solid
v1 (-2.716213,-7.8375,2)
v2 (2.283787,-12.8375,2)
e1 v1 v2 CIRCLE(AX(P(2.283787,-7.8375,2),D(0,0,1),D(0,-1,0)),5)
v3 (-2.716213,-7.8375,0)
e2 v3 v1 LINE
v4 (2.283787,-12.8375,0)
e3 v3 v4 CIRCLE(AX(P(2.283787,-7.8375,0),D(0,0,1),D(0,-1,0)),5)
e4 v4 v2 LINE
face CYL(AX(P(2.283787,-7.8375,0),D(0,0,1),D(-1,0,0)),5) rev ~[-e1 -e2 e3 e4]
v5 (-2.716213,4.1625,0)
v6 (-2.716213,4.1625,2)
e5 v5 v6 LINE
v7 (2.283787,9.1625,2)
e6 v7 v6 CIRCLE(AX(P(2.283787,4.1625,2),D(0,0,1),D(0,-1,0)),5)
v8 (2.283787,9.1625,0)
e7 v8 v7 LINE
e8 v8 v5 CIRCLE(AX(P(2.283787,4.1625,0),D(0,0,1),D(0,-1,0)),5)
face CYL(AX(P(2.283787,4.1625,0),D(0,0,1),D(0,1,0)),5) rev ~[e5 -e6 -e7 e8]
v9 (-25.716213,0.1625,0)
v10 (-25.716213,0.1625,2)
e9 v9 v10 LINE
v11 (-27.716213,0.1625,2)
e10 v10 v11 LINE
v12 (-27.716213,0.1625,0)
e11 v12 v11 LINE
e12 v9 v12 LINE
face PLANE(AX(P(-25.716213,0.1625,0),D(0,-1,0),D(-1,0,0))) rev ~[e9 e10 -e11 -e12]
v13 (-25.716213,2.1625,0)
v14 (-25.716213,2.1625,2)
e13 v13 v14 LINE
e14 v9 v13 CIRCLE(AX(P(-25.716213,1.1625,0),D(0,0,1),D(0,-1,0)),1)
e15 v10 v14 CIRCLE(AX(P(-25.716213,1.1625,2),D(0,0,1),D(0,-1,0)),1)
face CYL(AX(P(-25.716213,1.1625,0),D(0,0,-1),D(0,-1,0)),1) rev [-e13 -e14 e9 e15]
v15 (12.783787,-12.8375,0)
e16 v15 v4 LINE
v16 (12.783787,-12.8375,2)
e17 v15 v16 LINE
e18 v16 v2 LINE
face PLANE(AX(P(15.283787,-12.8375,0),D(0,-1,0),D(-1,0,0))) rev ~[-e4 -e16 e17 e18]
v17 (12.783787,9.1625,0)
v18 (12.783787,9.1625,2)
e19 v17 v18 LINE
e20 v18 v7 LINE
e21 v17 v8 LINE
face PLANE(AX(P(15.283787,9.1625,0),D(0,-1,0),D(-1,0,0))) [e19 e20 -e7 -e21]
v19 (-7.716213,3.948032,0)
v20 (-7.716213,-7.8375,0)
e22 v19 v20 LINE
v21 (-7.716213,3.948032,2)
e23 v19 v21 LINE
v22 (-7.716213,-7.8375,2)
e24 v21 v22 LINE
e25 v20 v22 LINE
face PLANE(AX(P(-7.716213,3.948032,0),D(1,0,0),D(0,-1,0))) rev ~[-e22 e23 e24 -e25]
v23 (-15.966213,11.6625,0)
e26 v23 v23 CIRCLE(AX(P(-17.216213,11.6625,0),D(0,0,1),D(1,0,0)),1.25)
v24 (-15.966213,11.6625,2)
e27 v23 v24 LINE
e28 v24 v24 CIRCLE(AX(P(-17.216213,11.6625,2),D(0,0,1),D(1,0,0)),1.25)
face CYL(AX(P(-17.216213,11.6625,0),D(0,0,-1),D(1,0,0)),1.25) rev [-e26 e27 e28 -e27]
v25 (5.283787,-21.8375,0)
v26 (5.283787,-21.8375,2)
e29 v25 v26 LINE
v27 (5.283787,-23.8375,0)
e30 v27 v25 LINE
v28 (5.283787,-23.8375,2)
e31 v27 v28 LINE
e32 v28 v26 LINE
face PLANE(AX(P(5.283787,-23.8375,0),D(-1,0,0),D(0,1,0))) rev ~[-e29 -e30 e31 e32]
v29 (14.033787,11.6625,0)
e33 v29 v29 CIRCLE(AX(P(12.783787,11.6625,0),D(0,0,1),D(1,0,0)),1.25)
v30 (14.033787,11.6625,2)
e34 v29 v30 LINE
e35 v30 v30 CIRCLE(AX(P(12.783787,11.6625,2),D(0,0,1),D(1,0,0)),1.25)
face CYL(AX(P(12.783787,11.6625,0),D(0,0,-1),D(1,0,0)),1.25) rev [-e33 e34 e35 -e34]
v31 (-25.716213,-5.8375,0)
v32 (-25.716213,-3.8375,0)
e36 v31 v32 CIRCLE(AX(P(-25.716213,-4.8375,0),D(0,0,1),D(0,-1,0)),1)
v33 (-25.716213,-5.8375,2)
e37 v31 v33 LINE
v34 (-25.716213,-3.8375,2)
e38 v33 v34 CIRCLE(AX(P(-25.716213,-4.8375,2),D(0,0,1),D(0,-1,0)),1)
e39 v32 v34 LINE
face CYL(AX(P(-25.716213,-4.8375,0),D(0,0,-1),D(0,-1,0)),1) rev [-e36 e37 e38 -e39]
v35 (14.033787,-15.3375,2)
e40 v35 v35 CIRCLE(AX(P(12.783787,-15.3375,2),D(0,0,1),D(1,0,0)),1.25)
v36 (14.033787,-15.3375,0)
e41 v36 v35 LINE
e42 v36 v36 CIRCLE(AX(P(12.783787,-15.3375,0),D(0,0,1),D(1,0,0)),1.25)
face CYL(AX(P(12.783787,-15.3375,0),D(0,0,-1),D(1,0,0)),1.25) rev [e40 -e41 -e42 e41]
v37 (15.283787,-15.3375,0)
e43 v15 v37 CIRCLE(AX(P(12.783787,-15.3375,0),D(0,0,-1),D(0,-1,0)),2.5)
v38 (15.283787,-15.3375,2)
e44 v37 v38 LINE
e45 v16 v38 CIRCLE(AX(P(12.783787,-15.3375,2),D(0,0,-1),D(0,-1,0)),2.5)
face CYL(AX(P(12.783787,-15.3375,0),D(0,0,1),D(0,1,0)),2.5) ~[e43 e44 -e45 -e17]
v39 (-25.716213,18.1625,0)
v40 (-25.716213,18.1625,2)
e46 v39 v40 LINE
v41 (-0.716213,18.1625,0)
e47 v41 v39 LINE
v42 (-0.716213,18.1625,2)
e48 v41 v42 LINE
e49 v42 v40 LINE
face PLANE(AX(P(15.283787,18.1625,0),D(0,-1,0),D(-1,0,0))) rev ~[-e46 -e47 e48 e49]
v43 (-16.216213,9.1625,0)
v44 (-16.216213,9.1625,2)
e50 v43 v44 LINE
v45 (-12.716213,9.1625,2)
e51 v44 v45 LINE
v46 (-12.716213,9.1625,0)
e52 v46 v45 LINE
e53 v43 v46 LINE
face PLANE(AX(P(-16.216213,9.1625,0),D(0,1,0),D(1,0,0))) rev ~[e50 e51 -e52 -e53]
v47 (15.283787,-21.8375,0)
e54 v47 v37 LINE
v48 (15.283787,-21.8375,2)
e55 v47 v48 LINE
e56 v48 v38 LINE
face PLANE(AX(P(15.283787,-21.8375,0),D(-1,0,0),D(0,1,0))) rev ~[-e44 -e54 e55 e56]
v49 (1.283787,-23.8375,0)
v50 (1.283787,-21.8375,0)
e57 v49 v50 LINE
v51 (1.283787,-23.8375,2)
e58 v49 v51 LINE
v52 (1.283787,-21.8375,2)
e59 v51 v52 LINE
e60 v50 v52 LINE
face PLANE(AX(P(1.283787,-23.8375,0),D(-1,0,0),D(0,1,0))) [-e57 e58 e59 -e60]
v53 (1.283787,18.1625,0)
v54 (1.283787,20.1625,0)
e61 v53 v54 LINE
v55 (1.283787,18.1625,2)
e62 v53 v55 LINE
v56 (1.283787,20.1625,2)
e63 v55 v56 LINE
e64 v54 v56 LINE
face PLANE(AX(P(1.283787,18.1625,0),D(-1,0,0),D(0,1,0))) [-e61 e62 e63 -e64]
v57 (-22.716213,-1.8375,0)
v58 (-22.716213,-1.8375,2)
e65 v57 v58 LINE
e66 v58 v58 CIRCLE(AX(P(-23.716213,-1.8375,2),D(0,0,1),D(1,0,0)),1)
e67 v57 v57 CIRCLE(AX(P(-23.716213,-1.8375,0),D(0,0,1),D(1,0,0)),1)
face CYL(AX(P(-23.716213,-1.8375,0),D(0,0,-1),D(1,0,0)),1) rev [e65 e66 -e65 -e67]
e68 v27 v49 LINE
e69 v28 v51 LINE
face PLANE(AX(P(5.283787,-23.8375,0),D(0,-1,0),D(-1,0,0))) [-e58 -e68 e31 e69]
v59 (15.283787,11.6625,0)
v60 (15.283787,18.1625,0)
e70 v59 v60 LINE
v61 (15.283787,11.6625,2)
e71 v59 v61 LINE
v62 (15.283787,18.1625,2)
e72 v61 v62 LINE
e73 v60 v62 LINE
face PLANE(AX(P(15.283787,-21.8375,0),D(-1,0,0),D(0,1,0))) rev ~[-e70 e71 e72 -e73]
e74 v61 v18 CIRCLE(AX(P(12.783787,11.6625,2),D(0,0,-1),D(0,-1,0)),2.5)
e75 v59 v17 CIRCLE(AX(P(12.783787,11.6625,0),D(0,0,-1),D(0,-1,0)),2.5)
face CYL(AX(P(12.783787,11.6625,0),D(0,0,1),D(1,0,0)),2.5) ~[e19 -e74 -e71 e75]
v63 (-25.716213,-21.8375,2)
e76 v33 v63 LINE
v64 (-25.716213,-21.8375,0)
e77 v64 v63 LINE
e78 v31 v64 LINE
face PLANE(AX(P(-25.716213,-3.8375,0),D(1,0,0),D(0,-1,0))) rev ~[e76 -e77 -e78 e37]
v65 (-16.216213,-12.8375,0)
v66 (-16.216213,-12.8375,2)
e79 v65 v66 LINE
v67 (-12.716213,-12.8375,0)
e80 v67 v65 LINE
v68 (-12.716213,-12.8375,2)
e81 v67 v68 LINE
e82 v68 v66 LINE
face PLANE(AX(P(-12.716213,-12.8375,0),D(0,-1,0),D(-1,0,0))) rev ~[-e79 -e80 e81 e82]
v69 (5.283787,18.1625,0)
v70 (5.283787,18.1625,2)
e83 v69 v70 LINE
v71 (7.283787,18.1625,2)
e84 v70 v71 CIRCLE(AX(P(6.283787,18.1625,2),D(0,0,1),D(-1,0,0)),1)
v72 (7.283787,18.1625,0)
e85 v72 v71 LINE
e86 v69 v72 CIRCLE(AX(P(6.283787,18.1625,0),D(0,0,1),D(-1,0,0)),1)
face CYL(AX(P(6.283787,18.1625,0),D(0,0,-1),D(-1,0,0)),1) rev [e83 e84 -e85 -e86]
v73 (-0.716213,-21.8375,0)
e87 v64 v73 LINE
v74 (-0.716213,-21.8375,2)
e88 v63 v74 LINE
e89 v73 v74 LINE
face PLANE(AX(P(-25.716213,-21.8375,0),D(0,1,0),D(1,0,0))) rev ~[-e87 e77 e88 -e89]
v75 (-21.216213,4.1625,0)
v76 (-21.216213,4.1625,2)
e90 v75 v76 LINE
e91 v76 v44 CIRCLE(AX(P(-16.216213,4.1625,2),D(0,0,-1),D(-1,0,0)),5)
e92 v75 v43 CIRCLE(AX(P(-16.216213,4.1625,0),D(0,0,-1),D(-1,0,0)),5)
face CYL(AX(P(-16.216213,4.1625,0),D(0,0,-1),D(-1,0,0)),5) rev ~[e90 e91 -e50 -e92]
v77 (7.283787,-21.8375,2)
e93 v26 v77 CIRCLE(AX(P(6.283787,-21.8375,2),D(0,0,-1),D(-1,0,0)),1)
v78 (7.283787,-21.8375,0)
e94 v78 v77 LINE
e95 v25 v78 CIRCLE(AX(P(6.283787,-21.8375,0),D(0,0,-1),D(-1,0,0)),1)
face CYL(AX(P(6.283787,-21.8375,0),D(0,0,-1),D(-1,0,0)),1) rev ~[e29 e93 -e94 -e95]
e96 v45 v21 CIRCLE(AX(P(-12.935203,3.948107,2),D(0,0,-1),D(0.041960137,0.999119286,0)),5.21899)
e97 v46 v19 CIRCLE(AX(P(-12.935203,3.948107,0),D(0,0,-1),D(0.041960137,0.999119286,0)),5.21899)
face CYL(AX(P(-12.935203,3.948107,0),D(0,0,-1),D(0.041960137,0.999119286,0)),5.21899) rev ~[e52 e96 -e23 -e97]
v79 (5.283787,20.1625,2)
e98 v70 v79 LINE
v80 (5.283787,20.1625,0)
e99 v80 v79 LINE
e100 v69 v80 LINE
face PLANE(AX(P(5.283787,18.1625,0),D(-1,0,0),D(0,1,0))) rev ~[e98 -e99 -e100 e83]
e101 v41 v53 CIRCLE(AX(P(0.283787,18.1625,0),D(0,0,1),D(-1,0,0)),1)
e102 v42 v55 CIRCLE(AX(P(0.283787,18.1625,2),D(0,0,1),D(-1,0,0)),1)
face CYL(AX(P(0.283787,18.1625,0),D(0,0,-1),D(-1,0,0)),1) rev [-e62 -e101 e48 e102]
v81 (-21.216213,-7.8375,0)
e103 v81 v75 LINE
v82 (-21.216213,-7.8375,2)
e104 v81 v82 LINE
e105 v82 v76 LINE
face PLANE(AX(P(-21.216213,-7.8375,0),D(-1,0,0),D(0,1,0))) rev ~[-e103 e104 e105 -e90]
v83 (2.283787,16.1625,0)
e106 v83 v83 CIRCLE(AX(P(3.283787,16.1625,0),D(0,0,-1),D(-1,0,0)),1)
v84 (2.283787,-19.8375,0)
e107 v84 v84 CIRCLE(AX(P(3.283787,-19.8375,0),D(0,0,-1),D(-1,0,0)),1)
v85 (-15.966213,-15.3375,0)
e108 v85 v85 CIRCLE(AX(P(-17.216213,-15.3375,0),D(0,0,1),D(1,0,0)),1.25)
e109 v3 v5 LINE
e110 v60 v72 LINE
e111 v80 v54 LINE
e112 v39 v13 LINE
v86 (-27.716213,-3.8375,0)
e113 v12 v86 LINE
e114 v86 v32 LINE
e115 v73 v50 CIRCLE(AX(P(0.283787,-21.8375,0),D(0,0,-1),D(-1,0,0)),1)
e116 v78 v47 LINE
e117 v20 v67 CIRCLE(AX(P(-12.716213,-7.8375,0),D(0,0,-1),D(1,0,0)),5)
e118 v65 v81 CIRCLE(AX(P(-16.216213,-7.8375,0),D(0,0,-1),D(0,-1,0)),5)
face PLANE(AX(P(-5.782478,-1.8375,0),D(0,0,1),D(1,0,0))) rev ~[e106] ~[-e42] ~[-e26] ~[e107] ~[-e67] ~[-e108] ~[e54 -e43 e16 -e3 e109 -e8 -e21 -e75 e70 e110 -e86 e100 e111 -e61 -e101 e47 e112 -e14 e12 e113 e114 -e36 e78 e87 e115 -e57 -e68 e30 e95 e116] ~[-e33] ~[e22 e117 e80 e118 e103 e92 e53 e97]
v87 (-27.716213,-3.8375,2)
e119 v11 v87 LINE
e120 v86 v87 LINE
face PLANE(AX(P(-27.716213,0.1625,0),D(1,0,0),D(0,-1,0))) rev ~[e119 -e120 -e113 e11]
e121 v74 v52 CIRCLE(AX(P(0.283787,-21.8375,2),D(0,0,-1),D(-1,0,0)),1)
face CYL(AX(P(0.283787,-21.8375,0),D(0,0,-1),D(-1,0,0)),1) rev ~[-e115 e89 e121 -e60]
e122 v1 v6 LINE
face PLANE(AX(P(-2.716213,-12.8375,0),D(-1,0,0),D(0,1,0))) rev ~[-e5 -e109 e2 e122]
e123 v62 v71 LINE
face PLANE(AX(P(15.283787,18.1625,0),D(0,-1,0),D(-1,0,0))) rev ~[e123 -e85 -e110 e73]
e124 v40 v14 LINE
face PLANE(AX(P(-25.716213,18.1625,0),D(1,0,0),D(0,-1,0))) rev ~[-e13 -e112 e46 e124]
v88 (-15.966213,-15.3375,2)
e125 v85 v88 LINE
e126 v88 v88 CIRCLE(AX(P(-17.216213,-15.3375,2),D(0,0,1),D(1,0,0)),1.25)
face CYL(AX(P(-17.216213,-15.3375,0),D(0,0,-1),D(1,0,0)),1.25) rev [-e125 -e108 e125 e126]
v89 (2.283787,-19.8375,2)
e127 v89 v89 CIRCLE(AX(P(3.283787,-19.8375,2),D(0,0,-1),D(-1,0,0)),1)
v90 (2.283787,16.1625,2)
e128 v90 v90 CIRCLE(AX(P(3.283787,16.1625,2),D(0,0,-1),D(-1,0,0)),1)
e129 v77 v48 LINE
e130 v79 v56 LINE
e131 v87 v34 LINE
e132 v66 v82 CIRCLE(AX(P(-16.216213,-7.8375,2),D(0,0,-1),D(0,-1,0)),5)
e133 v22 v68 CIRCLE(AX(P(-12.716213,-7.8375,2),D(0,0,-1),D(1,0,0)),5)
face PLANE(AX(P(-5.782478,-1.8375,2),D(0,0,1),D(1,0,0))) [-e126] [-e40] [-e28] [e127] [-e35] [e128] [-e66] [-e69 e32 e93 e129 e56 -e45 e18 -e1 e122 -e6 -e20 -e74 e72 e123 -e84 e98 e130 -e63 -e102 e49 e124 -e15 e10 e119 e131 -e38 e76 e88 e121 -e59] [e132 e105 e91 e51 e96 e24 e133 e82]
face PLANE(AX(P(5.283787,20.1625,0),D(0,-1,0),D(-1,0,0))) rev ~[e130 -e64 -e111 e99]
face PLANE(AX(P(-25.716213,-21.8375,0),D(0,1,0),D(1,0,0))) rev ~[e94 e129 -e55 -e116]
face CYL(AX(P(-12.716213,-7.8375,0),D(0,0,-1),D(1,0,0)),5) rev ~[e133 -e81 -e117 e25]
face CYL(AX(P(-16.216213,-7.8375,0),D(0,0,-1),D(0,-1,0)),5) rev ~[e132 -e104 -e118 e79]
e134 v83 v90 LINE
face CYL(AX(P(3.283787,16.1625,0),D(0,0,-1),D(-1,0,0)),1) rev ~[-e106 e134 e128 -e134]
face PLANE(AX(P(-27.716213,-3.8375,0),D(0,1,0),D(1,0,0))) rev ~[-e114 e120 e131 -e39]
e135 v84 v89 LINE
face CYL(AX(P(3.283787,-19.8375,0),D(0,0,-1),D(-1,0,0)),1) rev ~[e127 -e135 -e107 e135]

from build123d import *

# Parameters (mm, degrees)
SKETCH_1_R          = 1.25
SKETCH_1_R_2        = 1
EXTRUDE_1_DEPTH     = 2
SKETCH_4_W          = 18
SKETCH_4_H          = 22
CUT_EXTRUDE_1_DEPTH = 2
FILLET_2_R          = 2.5
FILLET_3_R          = 5
CUT_EXTRUDE_2_DEPTH = 2
SKETCH_7_R          = 1
CUT_EXTRUDE_3_DEPTH = 10
SKETCH_8_W          = 4
SKETCH_8_H          = 2
EXTRUDE_2_DEPTH     = 2
CUT_EXTRUDE_4_DEPTH = 2


with BuildPart() as part:
    # 草圖1 → 填料-伸長1 (new body)
    with BuildSketch(Plane.XY):
        Polygon((15.283786802, 18.1625), (-25.716213198, 18.1625), (-25.716213198, 0.1625), (-27.716213198, 0.1625), (-27.716213198, -3.8375), (-25.716213198, -3.8375), (-25.716213198, -21.8375), (15.283786802, -21.8375), align=None)
        with Locations((-17.216213198, 11.6625)):
            Circle(SKETCH_1_R, mode=Mode.SUBTRACT)
        with Locations((-17.216213198, -15.3375)):
            Circle(SKETCH_1_R, mode=Mode.SUBTRACT)
        with Locations((12.783786802, -15.3375)):
            Circle(SKETCH_1_R, mode=Mode.SUBTRACT)
        with Locations((12.783786802, 11.6625)):
            Circle(SKETCH_1_R, mode=Mode.SUBTRACT)
        with Locations((-23.716213198, -1.8375)):
            Circle(SKETCH_1_R_2, mode=Mode.SUBTRACT)
    extrude(amount=EXTRUDE_1_DEPTH)

    # 草圖4 → 除料-伸長1 (cut)
    with BuildSketch(Plane(origin=(0, 0, 0), x_dir=(-1, 0, 0), z_dir=(0, 0, -1))):
        with Locations((-6.283786802, -1.8375)):
            Rectangle(SKETCH_4_W, SKETCH_4_H)
    extrude(amount=-CUT_EXTRUDE_1_DEPTH, mode=Mode.SUBTRACT)

    # 圓角2
    fillet_2_edges = [part.edges().sort_by_distance(p)[0] for p in [
        (15.283786802, -12.8375, 1),
        (15.283786802, 9.1625, 1),
    ]]
    fillet(fillet_2_edges, radius=FILLET_2_R)

    # 圓角3
    fillet_3_edges = [part.edges().sort_by_distance(p)[0] for p in [
        (-2.716213198, 9.1625, 1),
        (-2.716213198, -12.8375, 1),
    ]]
    fillet(fillet_3_edges, radius=FILLET_3_R)

    # 草圖5 → 除料-伸長2 (cut)
    with BuildSketch(Plane(origin=(0, 0, 0), x_dir=(-1, 0, 0), z_dir=(0, 0, -1))):
        with BuildLine():
            Line((7.716213198, 3.948031945), (7.716213198, -7.8375))
            ThreePointArc((7.716213198, -7.8375), (9.180679292, -11.373033906), (12.716213198, -12.8375))
            Line((12.716213198, -12.8375), (16.216213198, -12.8375))
            ThreePointArc((16.216213198, -12.8375), (19.751747104, -11.373033906), (21.216213198, -7.8375))
            Line((21.216213198, -7.8375), (21.216213198, 4.1625))
            ThreePointArc((21.216213198, 4.1625), (19.751747104, 7.698033906), (16.216213198, 9.1625))
            Line((16.216213198, 9.1625), (12.716213198, 9.1625))
            ThreePointArc((12.716213198, 9.1625), (9.168164983, 7.56020857), (7.716213198, 3.948031945))
        make_face()
    extrude(amount=-CUT_EXTRUDE_2_DEPTH, mode=Mode.SUBTRACT)

    # 草圖7 → 除料-伸長3 (cut)
    with BuildSketch(Plane(origin=(0, 0, 0), x_dir=(-1, 0, 0), z_dir=(0, 0, -1))):
        with Locations((-3.283786802, -19.8375)):
            Circle(SKETCH_7_R)
        with Locations((-3.283786802, 16.1625)):
            Circle(SKETCH_7_R)
    extrude(amount=-CUT_EXTRUDE_3_DEPTH, mode=Mode.SUBTRACT)

    # 草圖8 → 填料-伸長2 (add)
    with BuildSketch(Plane(origin=(0, 0, 0), x_dir=(-1, 0, 0), z_dir=(0, 0, -1))):
        with Locations((-3.283786802, 19.1625)):
            Rectangle(SKETCH_8_W, SKETCH_8_H)
        with Locations((-3.283786802, -22.8375)):
            Rectangle(SKETCH_8_W, SKETCH_8_H)
    extrude(amount=-EXTRUDE_2_DEPTH)

    # 草圖9 → 除料-伸長4 (cut)
    with BuildSketch(Plane(origin=(0, 0, 0), x_dir=(-1, 0, 0), z_dir=(0, 0, -1))):
        with BuildLine():
            Line((-7.283786802, 18.1625), (-5.283786802, 18.1625))
            ThreePointArc((-5.283786802, 18.1625), (-6.283786802, 17.1625), (-7.283786802, 18.1625))
        make_face()
        with BuildLine():
            Line((-1.283786802, 18.1625), (0.716213198, 18.1625))
            ThreePointArc((0.716213198, 18.1625), (-0.283786802, 17.1625), (-1.283786802, 18.1625))
        make_face()
        with BuildLine():
            Line((-7.283786802, -21.8375), (-5.283786802, -21.8375))
            ThreePointArc((-5.283786802, -21.8375), (-6.283786802, -20.8375), (-7.283786802, -21.8375))
        make_face()
        with BuildLine():
            Line((-1.283786802, -21.8375), (0.716213198, -21.8375))
            ThreePointArc((0.716213198, -21.8375), (-0.283786802, -20.8375), (-1.283786802, -21.8375))
        make_face()
        with BuildLine():
            Line((25.716213198, 2.1625), (25.716213198, 0.1625))
            ThreePointArc((25.716213198, 0.1625), (24.716213198, 1.1625), (25.716213198, 2.1625))
        make_face()
        with BuildLine():
            Line((25.716213198, -3.8375), (25.716213198, -5.8375))
            ThreePointArc((25.716213198, -5.8375), (24.716213198, -4.8375), (25.716213198, -3.8375))
        make_face()
    extrude(amount=-CUT_EXTRUDE_4_DEPTH, mode=Mode.SUBTRACT)


solid = part.part
